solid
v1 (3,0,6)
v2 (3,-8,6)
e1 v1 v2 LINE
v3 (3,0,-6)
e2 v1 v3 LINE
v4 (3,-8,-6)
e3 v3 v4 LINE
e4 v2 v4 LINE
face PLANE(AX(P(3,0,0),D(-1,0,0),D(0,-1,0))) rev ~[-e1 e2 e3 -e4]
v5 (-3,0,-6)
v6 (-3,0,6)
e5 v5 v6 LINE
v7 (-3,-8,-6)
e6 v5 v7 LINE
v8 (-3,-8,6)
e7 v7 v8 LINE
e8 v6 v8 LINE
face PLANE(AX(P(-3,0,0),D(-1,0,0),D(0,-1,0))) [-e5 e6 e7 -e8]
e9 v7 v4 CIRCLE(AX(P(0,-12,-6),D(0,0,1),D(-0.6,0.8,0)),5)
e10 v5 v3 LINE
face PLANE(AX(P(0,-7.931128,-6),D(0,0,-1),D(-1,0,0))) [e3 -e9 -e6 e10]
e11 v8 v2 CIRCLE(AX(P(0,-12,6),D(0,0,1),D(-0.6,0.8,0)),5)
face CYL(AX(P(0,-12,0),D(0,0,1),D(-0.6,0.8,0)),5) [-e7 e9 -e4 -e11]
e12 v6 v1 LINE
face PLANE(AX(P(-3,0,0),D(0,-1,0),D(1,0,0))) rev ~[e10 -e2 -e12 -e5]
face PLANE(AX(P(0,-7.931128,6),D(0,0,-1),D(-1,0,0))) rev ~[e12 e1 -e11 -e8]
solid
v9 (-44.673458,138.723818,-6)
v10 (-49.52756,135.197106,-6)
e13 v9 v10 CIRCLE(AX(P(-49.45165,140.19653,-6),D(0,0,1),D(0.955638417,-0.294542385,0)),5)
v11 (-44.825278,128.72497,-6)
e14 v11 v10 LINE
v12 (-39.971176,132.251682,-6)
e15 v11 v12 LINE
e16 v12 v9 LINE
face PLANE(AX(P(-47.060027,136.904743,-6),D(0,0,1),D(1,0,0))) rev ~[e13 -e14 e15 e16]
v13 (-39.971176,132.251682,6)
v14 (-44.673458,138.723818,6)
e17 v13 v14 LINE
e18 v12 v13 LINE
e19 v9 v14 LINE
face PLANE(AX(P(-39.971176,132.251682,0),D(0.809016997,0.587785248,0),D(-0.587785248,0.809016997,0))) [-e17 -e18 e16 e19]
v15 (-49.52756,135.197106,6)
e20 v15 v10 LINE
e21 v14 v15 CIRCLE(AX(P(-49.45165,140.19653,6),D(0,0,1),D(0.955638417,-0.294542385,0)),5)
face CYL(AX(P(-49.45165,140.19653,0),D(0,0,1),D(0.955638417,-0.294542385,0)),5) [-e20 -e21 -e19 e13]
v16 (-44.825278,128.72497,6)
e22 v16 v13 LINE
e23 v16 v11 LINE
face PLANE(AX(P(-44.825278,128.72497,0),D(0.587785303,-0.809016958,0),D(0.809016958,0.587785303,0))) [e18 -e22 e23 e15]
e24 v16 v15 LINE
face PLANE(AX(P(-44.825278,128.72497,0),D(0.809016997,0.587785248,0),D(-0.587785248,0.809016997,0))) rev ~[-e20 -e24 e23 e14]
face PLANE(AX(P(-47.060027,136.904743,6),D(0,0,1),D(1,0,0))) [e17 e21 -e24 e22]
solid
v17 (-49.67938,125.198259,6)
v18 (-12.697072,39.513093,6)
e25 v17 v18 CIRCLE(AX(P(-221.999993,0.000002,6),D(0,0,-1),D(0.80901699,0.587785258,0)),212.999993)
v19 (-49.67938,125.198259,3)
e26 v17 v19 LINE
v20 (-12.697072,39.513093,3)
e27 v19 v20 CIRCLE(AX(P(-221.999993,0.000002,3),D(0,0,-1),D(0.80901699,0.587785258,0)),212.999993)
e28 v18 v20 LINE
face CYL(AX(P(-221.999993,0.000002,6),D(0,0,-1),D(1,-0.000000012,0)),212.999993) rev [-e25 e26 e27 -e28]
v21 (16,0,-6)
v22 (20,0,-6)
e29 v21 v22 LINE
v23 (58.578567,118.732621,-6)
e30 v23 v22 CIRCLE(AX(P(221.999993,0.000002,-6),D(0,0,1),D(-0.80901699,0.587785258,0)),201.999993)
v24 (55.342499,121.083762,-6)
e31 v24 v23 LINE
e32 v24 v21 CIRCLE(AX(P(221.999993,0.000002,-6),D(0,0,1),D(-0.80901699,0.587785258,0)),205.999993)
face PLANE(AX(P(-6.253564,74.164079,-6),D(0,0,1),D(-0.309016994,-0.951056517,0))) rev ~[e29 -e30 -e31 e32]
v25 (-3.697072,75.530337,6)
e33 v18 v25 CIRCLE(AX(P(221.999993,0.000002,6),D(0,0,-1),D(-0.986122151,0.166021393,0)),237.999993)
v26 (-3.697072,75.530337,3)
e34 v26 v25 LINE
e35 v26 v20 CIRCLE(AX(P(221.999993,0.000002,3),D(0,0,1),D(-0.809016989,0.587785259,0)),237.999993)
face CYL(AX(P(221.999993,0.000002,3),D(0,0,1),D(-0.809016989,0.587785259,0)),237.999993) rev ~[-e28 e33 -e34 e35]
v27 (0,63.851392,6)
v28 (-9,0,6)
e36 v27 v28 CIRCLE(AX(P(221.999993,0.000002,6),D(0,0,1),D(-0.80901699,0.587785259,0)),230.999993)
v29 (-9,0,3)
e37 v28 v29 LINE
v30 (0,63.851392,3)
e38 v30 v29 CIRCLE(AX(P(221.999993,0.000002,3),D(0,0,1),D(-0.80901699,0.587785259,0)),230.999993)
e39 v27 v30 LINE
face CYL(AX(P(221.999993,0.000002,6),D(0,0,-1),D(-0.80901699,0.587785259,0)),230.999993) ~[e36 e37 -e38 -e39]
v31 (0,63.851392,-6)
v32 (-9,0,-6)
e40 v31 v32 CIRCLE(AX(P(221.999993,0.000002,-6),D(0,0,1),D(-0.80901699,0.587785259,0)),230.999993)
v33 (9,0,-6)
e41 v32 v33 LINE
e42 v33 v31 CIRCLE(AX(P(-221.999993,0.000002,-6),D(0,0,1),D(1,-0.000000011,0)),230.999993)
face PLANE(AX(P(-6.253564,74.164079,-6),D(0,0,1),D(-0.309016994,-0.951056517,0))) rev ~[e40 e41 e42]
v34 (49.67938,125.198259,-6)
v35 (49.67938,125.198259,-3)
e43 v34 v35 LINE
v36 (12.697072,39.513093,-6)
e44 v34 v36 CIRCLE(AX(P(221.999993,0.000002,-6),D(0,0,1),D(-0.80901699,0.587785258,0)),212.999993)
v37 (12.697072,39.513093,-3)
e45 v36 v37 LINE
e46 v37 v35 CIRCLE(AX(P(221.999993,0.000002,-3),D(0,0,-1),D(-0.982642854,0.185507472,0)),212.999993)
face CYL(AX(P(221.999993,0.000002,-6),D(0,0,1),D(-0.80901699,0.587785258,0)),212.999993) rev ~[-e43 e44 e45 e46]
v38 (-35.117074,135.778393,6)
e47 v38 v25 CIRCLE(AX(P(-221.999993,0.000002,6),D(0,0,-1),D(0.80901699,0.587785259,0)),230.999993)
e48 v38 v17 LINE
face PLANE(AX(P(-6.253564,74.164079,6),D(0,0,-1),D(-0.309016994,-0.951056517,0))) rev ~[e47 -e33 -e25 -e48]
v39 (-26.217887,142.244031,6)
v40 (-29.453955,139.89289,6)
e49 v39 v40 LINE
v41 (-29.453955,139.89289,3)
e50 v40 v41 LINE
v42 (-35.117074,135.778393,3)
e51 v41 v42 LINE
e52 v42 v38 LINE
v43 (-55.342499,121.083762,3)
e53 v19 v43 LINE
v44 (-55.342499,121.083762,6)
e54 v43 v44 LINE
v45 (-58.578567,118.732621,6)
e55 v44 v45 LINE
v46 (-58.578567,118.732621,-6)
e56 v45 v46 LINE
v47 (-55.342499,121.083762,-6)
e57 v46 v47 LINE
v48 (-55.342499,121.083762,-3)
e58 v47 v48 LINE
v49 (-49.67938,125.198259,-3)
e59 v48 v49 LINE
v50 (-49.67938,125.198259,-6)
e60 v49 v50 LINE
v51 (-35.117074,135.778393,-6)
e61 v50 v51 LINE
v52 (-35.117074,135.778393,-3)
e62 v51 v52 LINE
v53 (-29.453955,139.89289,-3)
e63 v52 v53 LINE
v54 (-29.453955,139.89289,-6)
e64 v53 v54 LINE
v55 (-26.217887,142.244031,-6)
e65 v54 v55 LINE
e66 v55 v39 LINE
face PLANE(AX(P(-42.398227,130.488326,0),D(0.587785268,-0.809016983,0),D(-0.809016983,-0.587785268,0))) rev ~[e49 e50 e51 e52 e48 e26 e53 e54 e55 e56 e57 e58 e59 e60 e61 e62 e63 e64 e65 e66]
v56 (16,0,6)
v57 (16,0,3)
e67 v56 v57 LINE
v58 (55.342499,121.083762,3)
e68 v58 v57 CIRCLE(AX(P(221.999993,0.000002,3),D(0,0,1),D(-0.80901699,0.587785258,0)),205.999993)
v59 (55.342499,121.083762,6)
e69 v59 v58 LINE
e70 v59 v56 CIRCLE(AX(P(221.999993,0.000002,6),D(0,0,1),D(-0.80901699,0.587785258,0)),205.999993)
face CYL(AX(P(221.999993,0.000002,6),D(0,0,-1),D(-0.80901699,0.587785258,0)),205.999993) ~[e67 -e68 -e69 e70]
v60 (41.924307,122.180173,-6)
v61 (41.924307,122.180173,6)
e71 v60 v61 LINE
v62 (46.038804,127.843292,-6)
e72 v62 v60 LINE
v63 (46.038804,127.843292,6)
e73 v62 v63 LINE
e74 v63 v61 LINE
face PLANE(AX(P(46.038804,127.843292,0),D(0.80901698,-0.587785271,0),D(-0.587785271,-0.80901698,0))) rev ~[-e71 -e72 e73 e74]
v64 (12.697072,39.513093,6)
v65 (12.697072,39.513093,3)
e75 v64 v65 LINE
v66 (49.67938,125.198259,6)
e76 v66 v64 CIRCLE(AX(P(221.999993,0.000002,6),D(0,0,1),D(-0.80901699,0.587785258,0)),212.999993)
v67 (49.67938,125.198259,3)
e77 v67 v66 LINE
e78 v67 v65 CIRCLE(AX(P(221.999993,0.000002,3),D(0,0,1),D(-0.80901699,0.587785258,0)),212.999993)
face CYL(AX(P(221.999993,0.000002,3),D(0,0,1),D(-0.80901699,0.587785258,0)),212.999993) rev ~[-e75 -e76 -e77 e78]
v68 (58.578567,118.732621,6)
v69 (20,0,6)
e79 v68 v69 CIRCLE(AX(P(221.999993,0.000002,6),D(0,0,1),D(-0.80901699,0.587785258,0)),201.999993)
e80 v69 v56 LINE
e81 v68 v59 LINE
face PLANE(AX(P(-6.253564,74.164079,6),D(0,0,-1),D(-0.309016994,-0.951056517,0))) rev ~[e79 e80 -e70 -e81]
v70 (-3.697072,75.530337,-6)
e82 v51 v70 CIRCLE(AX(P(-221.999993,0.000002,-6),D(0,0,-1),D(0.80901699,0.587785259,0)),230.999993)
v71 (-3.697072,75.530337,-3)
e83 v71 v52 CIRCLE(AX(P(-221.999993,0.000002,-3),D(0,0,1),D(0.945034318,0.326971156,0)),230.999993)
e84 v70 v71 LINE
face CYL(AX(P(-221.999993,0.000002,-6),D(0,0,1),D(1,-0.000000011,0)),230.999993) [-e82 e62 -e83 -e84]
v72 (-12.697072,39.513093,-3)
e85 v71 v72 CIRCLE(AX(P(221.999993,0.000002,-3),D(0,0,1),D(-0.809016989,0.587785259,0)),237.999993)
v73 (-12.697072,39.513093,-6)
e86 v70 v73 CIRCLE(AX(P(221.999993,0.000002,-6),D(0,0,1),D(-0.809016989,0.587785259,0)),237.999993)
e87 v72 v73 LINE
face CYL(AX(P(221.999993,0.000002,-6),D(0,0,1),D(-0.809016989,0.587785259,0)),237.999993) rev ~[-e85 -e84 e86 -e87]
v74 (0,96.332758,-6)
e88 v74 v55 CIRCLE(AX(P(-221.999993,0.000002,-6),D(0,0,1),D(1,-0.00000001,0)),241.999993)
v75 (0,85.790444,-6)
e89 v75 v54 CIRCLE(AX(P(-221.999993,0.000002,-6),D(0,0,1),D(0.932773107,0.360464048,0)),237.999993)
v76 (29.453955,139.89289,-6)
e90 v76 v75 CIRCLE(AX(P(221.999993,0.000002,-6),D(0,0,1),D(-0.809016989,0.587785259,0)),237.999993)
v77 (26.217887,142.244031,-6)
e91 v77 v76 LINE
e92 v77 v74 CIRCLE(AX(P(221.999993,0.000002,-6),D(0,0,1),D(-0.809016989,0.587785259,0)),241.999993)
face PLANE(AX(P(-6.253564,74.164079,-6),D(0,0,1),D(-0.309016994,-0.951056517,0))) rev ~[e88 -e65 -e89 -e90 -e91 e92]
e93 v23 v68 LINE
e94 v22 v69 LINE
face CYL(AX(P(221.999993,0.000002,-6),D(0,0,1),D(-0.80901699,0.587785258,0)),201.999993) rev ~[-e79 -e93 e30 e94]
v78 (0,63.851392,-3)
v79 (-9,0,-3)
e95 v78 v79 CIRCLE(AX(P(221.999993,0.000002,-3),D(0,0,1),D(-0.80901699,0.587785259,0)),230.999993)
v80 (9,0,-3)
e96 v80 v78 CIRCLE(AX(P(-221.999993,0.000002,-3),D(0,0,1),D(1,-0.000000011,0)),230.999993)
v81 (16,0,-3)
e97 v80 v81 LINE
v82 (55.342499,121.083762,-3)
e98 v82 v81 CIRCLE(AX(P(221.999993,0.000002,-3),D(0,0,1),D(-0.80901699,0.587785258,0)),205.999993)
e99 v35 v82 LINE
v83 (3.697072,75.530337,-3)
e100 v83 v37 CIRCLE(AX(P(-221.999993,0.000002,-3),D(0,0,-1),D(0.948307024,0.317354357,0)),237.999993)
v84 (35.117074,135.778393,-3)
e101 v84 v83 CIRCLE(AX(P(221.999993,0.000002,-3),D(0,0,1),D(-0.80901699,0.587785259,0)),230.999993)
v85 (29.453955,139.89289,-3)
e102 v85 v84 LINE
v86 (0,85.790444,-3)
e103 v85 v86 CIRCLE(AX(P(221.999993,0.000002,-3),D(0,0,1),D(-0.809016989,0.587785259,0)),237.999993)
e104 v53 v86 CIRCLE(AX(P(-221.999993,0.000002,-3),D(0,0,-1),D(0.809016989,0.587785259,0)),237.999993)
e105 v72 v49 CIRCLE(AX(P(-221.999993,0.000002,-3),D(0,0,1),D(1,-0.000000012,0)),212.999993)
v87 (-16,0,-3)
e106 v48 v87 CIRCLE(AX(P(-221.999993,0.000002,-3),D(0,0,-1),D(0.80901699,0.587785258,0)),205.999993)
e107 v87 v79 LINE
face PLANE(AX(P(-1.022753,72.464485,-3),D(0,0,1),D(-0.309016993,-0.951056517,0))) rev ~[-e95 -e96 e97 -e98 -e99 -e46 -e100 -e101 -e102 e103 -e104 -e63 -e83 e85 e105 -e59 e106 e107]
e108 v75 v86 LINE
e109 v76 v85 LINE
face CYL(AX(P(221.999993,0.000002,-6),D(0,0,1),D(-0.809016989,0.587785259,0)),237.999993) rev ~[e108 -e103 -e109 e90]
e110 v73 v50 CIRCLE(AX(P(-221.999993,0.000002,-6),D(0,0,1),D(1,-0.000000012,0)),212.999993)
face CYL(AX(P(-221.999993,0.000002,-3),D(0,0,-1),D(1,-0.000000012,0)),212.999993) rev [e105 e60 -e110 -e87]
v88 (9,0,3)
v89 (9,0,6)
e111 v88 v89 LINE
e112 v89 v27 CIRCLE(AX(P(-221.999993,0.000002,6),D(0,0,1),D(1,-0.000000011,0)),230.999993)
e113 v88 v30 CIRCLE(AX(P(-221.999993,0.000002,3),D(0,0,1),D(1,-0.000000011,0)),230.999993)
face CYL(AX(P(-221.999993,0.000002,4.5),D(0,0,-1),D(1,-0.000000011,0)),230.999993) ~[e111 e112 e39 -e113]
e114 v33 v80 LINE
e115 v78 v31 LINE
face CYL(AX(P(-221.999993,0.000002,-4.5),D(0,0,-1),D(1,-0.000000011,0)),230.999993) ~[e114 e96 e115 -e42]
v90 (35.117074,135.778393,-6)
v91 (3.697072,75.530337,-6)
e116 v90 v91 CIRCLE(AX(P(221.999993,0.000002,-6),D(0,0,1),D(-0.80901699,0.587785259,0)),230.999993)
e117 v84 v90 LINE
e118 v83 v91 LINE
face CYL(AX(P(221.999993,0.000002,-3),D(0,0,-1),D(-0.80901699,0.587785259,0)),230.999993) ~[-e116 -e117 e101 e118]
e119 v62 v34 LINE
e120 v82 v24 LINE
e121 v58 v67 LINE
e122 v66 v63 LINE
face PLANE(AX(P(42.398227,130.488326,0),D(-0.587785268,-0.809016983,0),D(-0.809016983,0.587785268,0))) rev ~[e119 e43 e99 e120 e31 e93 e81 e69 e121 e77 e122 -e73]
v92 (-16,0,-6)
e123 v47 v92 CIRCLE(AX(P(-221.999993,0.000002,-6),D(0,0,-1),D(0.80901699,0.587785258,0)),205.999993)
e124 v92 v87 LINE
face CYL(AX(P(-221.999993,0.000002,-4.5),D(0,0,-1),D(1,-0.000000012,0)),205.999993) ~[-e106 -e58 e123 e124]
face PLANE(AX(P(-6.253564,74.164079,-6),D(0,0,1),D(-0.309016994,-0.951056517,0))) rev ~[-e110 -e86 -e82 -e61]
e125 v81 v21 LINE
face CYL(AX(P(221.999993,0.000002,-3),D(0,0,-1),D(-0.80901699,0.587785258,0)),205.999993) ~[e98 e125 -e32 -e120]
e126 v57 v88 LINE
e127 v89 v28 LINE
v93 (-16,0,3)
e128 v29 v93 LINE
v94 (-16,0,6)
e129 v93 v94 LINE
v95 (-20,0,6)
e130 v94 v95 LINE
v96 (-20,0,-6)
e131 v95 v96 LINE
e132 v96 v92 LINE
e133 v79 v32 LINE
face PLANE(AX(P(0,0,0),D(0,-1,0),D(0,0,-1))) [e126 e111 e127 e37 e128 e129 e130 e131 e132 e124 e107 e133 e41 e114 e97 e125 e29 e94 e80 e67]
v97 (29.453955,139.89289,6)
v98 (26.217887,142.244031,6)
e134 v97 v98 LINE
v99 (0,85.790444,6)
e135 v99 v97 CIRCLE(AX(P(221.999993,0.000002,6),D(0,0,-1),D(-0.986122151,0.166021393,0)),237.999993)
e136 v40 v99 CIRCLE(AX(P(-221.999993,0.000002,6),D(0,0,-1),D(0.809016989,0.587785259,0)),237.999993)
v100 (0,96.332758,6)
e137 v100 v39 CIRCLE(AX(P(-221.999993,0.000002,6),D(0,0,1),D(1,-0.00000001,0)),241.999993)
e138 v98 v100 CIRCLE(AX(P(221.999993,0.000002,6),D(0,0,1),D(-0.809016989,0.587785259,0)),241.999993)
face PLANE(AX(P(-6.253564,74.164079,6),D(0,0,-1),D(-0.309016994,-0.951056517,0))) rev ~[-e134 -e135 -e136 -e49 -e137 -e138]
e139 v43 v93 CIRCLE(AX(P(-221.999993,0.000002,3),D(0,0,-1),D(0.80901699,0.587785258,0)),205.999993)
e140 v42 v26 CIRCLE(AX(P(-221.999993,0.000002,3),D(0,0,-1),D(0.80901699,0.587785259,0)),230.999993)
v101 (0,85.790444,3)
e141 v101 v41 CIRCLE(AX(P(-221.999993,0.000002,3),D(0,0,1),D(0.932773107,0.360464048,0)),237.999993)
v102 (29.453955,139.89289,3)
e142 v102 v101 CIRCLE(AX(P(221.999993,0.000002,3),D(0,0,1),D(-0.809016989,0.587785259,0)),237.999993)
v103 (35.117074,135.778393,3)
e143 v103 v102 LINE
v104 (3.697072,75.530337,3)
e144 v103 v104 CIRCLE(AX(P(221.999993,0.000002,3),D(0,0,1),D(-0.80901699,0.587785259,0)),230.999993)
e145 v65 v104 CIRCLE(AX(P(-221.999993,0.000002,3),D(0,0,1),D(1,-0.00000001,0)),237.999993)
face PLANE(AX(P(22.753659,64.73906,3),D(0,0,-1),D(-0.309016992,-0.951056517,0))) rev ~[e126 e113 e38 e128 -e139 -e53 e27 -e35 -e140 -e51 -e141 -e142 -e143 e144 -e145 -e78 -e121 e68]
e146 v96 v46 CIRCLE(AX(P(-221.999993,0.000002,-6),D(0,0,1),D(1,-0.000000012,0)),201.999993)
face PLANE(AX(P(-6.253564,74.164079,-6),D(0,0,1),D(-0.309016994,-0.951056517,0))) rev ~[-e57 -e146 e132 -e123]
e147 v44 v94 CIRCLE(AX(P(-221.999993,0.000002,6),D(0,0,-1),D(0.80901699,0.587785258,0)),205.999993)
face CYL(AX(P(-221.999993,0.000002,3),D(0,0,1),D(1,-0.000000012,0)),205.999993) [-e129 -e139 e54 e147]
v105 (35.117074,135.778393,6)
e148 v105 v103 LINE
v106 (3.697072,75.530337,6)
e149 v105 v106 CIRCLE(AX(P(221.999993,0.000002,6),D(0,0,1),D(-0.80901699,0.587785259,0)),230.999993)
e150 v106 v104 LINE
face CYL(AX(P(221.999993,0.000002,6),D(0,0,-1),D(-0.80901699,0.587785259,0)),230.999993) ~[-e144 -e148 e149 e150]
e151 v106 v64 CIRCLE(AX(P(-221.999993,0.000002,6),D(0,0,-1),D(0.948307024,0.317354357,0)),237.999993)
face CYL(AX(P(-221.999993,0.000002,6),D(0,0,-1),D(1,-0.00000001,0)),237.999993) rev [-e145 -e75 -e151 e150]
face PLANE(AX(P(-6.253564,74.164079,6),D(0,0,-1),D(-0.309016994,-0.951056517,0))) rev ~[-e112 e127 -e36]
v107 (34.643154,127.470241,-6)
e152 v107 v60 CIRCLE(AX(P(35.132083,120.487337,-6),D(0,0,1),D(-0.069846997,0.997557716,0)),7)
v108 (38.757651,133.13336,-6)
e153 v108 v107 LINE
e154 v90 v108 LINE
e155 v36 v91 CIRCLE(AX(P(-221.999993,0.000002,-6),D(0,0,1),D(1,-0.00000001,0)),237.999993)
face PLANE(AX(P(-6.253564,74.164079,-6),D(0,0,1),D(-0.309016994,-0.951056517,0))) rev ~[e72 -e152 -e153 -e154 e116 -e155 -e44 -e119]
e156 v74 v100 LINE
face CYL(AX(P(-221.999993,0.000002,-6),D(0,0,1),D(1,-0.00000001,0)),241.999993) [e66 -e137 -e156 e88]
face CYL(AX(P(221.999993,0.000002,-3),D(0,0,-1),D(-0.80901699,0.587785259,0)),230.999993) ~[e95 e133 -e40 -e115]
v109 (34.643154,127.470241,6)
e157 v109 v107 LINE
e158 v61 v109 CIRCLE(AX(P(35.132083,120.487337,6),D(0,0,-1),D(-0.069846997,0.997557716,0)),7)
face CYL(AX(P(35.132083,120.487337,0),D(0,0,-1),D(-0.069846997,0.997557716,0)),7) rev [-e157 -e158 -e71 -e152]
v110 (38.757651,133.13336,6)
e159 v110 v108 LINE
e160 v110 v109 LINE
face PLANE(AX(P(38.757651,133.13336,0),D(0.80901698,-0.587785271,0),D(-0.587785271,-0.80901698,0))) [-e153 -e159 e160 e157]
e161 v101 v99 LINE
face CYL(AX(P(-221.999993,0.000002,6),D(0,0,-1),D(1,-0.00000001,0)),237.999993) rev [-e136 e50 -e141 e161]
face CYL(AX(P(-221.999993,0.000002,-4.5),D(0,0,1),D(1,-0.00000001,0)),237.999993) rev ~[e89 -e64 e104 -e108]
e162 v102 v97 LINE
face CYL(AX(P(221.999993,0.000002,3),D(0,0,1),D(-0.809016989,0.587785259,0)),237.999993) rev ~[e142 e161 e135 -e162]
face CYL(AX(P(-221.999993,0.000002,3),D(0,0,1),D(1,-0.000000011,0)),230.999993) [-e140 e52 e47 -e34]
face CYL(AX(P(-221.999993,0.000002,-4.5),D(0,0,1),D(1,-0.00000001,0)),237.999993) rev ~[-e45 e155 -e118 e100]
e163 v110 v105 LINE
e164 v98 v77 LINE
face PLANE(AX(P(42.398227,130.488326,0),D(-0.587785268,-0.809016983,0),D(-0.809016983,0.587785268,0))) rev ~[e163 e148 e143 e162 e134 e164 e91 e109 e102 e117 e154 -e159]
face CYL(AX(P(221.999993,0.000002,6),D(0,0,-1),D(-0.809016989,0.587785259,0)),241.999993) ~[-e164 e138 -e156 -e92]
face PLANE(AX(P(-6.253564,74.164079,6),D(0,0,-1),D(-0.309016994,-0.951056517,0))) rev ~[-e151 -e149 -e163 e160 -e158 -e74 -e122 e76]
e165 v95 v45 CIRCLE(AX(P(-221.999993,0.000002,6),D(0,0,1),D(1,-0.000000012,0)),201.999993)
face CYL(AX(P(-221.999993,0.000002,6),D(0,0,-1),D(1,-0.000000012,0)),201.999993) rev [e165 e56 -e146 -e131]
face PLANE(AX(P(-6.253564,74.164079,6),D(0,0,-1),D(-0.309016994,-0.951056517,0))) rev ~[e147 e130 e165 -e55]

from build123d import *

# Parameters (mm, degrees)
SKETCH003_W       = 7
SKETCH003_H       = 3
SKETCH004_W       = 7
SKETCH004_H       = 3
SKETCH005_W       = 7
SKETCH005_H       = 3
SKETCH006_W       = 7
SKETCH006_H       = 3
POCKET_DEPTH      = 6.001
POCKET_DEPTH_BACK = -6.001
PAD_DEPTH         = 6
PAD002_DEPTH      = 6


with BuildPart() as main:
    # AdditivePipe: sweep along a path in Sketch
    with BuildLine(Plane.XY) as additivepipe_path:
        ThreePointArc((0, 0), (-10.865453, 68.601773), (-42.398227, 130.488326))
    # Sketch002 → AdditivePipe (sweep)
    with BuildSketch(Plane.XZ):
        Polygon((-20, 6), (-20, -6), (-16, -6), (-16, -3), (-9, -3), (-9, -6), (9, -6), (9, -3), (16, -3), (16, -6), (20, -6), (20, 6), (16, 6), (16, 3), (9, 3), (9, 6), (-9, 6), (-9, 3), (-16, 3), (-16, 6), align=None)
    sweep(path=additivepipe_path.line)

    # AdditivePipe001: sweep along a path in Sketch001
    with BuildLine(Plane.XY) as additivepipe001_path:
        ThreePointArc((42.398227, 130.488326), (10.865453, 68.601773), (0, 0))
    # Sketch002 → AdditivePipe001 (sweep)
    with BuildSketch(Plane.XZ):
        Polygon((-20, 6), (-20, -6), (-16, -6), (-16, -3), (-9, -3), (-9, -6), (9, -6), (9, -3), (16, -3), (16, -6), (20, -6), (20, 6), (16, 6), (16, 3), (9, 3), (9, 6), (-9, 6), (-9, 3), (-16, 3), (-16, 6), align=None)
    sweep(path=additivepipe001_path.line)

    # SubtractivePipe: sweep along a path in Sketch
    with BuildLine(Plane.XY) as subtractivepipe_path:
        ThreePointArc((0, 0), (-10.865453, 68.601773), (-42.398227, 130.488326))
    # Sketch003 → SubtractivePipe (sweep, cut)
    with BuildSketch(Plane.XZ):
        with Locations((-12.5, 4.5)):
            Rectangle(SKETCH003_W, SKETCH003_H)
    sweep(path=subtractivepipe_path.line, mode=Mode.SUBTRACT)

    # SubtractivePipe001: sweep along a path in Sketch001
    with BuildLine(Plane.XY) as subtractivepipe001_path:
        ThreePointArc((42.398227, 130.488326), (10.865453, 68.601773), (0, 0))
    # Sketch003 → SubtractivePipe001 (sweep, cut)
    with BuildSketch(Plane.XZ):
        with Locations((-12.5, 4.5)):
            Rectangle(SKETCH003_W, SKETCH003_H)
    sweep(path=subtractivepipe001_path.line, mode=Mode.SUBTRACT)

    # SubtractivePipe002: sweep along a path in Sketch
    with BuildLine(Plane.XY) as subtractivepipe002_path:
        ThreePointArc((0, 0), (-10.865453, 68.601773), (-42.398227, 130.488326))
    # Sketch004 → SubtractivePipe002 (sweep, cut)
    with BuildSketch(Plane.XZ):
        with Locations((12.5, 4.5)):
            Rectangle(SKETCH004_W, SKETCH004_H)
    sweep(path=subtractivepipe002_path.line, mode=Mode.SUBTRACT)

    # SubtractivePipe003: sweep along a path in Sketch001
    with BuildLine(Plane.XY) as subtractivepipe003_path:
        ThreePointArc((42.398227, 130.488326), (10.865453, 68.601773), (0, 0))
    # Sketch004 → SubtractivePipe003 (sweep, cut)
    with BuildSketch(Plane.XZ):
        with Locations((12.5, 4.5)):
            Rectangle(SKETCH004_W, SKETCH004_H)
    sweep(path=subtractivepipe003_path.line, mode=Mode.SUBTRACT)

    # SubtractivePipe004: sweep along a path in Sketch
    with BuildLine(Plane.XY) as subtractivepipe004_path:
        ThreePointArc((0, 0), (-10.865453, 68.601773), (-42.398227, 130.488326))
    # Sketch005 → SubtractivePipe004 (sweep, cut)
    with BuildSketch(Plane.XZ):
        with Locations((-12.5, -4.5)):
            Rectangle(SKETCH005_W, SKETCH005_H)
    sweep(path=subtractivepipe004_path.line, mode=Mode.SUBTRACT)

    # SubtractivePipe005: sweep along a path in Sketch001
    with BuildLine(Plane.XY) as subtractivepipe005_path:
        ThreePointArc((42.398227, 130.488326), (10.865453, 68.601773), (0, 0))
    # Sketch005 → SubtractivePipe005 (sweep, cut)
    with BuildSketch(Plane.XZ):
        with Locations((-12.5, -4.5)):
            Rectangle(SKETCH005_W, SKETCH005_H)
    sweep(path=subtractivepipe005_path.line, mode=Mode.SUBTRACT)

    # SubtractivePipe006: sweep along a path in Sketch
    with BuildLine(Plane.XY) as subtractivepipe006_path:
        ThreePointArc((0, 0), (-10.865453, 68.601773), (-42.398227, 130.488326))
    # Sketch006 → SubtractivePipe006 (sweep, cut)
    with BuildSketch(Plane.XZ):
        with Locations((12.5, -4.5)):
            Rectangle(SKETCH006_W, SKETCH006_H)
    sweep(path=subtractivepipe006_path.line, mode=Mode.SUBTRACT)

    # SubtractivePipe007: sweep along a path in Sketch001
    with BuildLine(Plane.XY) as subtractivepipe007_path:
        ThreePointArc((42.398227, 130.488326), (10.865453, 68.601773), (0, 0))
    # Sketch006 → SubtractivePipe007 (sweep, cut)
    with BuildSketch(Plane.XZ):
        with Locations((12.5, -4.5)):
            Rectangle(SKETCH006_W, SKETCH006_H)
    sweep(path=subtractivepipe007_path.line, mode=Mode.SUBTRACT)

    # Sketch009 → Pocket (cut, two sides)
    with BuildSketch(Plane.XY) as pocket_sk:
        with BuildLine():
            Line((38.757651, 133.13336), (46.038804, 127.843292))
            Line((46.038804, 127.843292), (41.924307, 122.180173))
            ThreePointArc((34.643154, 127.470241), (31.017586, 114.824218), (41.924307, 122.180173))
            Line((38.757651, 133.13336), (34.643154, 127.470241))
        make_face()
    extrude(amount=-POCKET_DEPTH, mode=Mode.SUBTRACT)
    extrude(pocket_sk.sketch, amount=-POCKET_DEPTH_BACK, mode=Mode.SUBTRACT)


with BuildPart() as male1:
    # Sketch010 → Pad (new body, symmetric)
    with BuildSketch(Plane.XY):
        with BuildLine():
            Line((-3, 0), (3, 0))
            Line((3, 0), (3, -8))
            ThreePointArc((-3, -8), (0, -17), (3, -8))
            Line((-3, 0), (-3, -8))
        make_face()
    extrude(amount=PAD_DEPTH, both=True)


with BuildPart() as male2:
    # Sketch012 → Pad002 (new body, symmetric)
    with BuildSketch(Plane.XY):
        with BuildLine():
            Line((-44.825278, 128.72497), (-39.971176, 132.251682))
            Line((-39.971176, 132.251682), (-44.673458, 138.723818))
            ThreePointArc((-44.673458, 138.723818), (-52.390577, 144.241615), (-49.52756, 135.197106))
            Line((-44.825278, 128.72497), (-49.52756, 135.197106))
        make_face()
    extrude(amount=PAD002_DEPTH, both=True)


solid = Compound([main.part, male1.part, male2.part])
